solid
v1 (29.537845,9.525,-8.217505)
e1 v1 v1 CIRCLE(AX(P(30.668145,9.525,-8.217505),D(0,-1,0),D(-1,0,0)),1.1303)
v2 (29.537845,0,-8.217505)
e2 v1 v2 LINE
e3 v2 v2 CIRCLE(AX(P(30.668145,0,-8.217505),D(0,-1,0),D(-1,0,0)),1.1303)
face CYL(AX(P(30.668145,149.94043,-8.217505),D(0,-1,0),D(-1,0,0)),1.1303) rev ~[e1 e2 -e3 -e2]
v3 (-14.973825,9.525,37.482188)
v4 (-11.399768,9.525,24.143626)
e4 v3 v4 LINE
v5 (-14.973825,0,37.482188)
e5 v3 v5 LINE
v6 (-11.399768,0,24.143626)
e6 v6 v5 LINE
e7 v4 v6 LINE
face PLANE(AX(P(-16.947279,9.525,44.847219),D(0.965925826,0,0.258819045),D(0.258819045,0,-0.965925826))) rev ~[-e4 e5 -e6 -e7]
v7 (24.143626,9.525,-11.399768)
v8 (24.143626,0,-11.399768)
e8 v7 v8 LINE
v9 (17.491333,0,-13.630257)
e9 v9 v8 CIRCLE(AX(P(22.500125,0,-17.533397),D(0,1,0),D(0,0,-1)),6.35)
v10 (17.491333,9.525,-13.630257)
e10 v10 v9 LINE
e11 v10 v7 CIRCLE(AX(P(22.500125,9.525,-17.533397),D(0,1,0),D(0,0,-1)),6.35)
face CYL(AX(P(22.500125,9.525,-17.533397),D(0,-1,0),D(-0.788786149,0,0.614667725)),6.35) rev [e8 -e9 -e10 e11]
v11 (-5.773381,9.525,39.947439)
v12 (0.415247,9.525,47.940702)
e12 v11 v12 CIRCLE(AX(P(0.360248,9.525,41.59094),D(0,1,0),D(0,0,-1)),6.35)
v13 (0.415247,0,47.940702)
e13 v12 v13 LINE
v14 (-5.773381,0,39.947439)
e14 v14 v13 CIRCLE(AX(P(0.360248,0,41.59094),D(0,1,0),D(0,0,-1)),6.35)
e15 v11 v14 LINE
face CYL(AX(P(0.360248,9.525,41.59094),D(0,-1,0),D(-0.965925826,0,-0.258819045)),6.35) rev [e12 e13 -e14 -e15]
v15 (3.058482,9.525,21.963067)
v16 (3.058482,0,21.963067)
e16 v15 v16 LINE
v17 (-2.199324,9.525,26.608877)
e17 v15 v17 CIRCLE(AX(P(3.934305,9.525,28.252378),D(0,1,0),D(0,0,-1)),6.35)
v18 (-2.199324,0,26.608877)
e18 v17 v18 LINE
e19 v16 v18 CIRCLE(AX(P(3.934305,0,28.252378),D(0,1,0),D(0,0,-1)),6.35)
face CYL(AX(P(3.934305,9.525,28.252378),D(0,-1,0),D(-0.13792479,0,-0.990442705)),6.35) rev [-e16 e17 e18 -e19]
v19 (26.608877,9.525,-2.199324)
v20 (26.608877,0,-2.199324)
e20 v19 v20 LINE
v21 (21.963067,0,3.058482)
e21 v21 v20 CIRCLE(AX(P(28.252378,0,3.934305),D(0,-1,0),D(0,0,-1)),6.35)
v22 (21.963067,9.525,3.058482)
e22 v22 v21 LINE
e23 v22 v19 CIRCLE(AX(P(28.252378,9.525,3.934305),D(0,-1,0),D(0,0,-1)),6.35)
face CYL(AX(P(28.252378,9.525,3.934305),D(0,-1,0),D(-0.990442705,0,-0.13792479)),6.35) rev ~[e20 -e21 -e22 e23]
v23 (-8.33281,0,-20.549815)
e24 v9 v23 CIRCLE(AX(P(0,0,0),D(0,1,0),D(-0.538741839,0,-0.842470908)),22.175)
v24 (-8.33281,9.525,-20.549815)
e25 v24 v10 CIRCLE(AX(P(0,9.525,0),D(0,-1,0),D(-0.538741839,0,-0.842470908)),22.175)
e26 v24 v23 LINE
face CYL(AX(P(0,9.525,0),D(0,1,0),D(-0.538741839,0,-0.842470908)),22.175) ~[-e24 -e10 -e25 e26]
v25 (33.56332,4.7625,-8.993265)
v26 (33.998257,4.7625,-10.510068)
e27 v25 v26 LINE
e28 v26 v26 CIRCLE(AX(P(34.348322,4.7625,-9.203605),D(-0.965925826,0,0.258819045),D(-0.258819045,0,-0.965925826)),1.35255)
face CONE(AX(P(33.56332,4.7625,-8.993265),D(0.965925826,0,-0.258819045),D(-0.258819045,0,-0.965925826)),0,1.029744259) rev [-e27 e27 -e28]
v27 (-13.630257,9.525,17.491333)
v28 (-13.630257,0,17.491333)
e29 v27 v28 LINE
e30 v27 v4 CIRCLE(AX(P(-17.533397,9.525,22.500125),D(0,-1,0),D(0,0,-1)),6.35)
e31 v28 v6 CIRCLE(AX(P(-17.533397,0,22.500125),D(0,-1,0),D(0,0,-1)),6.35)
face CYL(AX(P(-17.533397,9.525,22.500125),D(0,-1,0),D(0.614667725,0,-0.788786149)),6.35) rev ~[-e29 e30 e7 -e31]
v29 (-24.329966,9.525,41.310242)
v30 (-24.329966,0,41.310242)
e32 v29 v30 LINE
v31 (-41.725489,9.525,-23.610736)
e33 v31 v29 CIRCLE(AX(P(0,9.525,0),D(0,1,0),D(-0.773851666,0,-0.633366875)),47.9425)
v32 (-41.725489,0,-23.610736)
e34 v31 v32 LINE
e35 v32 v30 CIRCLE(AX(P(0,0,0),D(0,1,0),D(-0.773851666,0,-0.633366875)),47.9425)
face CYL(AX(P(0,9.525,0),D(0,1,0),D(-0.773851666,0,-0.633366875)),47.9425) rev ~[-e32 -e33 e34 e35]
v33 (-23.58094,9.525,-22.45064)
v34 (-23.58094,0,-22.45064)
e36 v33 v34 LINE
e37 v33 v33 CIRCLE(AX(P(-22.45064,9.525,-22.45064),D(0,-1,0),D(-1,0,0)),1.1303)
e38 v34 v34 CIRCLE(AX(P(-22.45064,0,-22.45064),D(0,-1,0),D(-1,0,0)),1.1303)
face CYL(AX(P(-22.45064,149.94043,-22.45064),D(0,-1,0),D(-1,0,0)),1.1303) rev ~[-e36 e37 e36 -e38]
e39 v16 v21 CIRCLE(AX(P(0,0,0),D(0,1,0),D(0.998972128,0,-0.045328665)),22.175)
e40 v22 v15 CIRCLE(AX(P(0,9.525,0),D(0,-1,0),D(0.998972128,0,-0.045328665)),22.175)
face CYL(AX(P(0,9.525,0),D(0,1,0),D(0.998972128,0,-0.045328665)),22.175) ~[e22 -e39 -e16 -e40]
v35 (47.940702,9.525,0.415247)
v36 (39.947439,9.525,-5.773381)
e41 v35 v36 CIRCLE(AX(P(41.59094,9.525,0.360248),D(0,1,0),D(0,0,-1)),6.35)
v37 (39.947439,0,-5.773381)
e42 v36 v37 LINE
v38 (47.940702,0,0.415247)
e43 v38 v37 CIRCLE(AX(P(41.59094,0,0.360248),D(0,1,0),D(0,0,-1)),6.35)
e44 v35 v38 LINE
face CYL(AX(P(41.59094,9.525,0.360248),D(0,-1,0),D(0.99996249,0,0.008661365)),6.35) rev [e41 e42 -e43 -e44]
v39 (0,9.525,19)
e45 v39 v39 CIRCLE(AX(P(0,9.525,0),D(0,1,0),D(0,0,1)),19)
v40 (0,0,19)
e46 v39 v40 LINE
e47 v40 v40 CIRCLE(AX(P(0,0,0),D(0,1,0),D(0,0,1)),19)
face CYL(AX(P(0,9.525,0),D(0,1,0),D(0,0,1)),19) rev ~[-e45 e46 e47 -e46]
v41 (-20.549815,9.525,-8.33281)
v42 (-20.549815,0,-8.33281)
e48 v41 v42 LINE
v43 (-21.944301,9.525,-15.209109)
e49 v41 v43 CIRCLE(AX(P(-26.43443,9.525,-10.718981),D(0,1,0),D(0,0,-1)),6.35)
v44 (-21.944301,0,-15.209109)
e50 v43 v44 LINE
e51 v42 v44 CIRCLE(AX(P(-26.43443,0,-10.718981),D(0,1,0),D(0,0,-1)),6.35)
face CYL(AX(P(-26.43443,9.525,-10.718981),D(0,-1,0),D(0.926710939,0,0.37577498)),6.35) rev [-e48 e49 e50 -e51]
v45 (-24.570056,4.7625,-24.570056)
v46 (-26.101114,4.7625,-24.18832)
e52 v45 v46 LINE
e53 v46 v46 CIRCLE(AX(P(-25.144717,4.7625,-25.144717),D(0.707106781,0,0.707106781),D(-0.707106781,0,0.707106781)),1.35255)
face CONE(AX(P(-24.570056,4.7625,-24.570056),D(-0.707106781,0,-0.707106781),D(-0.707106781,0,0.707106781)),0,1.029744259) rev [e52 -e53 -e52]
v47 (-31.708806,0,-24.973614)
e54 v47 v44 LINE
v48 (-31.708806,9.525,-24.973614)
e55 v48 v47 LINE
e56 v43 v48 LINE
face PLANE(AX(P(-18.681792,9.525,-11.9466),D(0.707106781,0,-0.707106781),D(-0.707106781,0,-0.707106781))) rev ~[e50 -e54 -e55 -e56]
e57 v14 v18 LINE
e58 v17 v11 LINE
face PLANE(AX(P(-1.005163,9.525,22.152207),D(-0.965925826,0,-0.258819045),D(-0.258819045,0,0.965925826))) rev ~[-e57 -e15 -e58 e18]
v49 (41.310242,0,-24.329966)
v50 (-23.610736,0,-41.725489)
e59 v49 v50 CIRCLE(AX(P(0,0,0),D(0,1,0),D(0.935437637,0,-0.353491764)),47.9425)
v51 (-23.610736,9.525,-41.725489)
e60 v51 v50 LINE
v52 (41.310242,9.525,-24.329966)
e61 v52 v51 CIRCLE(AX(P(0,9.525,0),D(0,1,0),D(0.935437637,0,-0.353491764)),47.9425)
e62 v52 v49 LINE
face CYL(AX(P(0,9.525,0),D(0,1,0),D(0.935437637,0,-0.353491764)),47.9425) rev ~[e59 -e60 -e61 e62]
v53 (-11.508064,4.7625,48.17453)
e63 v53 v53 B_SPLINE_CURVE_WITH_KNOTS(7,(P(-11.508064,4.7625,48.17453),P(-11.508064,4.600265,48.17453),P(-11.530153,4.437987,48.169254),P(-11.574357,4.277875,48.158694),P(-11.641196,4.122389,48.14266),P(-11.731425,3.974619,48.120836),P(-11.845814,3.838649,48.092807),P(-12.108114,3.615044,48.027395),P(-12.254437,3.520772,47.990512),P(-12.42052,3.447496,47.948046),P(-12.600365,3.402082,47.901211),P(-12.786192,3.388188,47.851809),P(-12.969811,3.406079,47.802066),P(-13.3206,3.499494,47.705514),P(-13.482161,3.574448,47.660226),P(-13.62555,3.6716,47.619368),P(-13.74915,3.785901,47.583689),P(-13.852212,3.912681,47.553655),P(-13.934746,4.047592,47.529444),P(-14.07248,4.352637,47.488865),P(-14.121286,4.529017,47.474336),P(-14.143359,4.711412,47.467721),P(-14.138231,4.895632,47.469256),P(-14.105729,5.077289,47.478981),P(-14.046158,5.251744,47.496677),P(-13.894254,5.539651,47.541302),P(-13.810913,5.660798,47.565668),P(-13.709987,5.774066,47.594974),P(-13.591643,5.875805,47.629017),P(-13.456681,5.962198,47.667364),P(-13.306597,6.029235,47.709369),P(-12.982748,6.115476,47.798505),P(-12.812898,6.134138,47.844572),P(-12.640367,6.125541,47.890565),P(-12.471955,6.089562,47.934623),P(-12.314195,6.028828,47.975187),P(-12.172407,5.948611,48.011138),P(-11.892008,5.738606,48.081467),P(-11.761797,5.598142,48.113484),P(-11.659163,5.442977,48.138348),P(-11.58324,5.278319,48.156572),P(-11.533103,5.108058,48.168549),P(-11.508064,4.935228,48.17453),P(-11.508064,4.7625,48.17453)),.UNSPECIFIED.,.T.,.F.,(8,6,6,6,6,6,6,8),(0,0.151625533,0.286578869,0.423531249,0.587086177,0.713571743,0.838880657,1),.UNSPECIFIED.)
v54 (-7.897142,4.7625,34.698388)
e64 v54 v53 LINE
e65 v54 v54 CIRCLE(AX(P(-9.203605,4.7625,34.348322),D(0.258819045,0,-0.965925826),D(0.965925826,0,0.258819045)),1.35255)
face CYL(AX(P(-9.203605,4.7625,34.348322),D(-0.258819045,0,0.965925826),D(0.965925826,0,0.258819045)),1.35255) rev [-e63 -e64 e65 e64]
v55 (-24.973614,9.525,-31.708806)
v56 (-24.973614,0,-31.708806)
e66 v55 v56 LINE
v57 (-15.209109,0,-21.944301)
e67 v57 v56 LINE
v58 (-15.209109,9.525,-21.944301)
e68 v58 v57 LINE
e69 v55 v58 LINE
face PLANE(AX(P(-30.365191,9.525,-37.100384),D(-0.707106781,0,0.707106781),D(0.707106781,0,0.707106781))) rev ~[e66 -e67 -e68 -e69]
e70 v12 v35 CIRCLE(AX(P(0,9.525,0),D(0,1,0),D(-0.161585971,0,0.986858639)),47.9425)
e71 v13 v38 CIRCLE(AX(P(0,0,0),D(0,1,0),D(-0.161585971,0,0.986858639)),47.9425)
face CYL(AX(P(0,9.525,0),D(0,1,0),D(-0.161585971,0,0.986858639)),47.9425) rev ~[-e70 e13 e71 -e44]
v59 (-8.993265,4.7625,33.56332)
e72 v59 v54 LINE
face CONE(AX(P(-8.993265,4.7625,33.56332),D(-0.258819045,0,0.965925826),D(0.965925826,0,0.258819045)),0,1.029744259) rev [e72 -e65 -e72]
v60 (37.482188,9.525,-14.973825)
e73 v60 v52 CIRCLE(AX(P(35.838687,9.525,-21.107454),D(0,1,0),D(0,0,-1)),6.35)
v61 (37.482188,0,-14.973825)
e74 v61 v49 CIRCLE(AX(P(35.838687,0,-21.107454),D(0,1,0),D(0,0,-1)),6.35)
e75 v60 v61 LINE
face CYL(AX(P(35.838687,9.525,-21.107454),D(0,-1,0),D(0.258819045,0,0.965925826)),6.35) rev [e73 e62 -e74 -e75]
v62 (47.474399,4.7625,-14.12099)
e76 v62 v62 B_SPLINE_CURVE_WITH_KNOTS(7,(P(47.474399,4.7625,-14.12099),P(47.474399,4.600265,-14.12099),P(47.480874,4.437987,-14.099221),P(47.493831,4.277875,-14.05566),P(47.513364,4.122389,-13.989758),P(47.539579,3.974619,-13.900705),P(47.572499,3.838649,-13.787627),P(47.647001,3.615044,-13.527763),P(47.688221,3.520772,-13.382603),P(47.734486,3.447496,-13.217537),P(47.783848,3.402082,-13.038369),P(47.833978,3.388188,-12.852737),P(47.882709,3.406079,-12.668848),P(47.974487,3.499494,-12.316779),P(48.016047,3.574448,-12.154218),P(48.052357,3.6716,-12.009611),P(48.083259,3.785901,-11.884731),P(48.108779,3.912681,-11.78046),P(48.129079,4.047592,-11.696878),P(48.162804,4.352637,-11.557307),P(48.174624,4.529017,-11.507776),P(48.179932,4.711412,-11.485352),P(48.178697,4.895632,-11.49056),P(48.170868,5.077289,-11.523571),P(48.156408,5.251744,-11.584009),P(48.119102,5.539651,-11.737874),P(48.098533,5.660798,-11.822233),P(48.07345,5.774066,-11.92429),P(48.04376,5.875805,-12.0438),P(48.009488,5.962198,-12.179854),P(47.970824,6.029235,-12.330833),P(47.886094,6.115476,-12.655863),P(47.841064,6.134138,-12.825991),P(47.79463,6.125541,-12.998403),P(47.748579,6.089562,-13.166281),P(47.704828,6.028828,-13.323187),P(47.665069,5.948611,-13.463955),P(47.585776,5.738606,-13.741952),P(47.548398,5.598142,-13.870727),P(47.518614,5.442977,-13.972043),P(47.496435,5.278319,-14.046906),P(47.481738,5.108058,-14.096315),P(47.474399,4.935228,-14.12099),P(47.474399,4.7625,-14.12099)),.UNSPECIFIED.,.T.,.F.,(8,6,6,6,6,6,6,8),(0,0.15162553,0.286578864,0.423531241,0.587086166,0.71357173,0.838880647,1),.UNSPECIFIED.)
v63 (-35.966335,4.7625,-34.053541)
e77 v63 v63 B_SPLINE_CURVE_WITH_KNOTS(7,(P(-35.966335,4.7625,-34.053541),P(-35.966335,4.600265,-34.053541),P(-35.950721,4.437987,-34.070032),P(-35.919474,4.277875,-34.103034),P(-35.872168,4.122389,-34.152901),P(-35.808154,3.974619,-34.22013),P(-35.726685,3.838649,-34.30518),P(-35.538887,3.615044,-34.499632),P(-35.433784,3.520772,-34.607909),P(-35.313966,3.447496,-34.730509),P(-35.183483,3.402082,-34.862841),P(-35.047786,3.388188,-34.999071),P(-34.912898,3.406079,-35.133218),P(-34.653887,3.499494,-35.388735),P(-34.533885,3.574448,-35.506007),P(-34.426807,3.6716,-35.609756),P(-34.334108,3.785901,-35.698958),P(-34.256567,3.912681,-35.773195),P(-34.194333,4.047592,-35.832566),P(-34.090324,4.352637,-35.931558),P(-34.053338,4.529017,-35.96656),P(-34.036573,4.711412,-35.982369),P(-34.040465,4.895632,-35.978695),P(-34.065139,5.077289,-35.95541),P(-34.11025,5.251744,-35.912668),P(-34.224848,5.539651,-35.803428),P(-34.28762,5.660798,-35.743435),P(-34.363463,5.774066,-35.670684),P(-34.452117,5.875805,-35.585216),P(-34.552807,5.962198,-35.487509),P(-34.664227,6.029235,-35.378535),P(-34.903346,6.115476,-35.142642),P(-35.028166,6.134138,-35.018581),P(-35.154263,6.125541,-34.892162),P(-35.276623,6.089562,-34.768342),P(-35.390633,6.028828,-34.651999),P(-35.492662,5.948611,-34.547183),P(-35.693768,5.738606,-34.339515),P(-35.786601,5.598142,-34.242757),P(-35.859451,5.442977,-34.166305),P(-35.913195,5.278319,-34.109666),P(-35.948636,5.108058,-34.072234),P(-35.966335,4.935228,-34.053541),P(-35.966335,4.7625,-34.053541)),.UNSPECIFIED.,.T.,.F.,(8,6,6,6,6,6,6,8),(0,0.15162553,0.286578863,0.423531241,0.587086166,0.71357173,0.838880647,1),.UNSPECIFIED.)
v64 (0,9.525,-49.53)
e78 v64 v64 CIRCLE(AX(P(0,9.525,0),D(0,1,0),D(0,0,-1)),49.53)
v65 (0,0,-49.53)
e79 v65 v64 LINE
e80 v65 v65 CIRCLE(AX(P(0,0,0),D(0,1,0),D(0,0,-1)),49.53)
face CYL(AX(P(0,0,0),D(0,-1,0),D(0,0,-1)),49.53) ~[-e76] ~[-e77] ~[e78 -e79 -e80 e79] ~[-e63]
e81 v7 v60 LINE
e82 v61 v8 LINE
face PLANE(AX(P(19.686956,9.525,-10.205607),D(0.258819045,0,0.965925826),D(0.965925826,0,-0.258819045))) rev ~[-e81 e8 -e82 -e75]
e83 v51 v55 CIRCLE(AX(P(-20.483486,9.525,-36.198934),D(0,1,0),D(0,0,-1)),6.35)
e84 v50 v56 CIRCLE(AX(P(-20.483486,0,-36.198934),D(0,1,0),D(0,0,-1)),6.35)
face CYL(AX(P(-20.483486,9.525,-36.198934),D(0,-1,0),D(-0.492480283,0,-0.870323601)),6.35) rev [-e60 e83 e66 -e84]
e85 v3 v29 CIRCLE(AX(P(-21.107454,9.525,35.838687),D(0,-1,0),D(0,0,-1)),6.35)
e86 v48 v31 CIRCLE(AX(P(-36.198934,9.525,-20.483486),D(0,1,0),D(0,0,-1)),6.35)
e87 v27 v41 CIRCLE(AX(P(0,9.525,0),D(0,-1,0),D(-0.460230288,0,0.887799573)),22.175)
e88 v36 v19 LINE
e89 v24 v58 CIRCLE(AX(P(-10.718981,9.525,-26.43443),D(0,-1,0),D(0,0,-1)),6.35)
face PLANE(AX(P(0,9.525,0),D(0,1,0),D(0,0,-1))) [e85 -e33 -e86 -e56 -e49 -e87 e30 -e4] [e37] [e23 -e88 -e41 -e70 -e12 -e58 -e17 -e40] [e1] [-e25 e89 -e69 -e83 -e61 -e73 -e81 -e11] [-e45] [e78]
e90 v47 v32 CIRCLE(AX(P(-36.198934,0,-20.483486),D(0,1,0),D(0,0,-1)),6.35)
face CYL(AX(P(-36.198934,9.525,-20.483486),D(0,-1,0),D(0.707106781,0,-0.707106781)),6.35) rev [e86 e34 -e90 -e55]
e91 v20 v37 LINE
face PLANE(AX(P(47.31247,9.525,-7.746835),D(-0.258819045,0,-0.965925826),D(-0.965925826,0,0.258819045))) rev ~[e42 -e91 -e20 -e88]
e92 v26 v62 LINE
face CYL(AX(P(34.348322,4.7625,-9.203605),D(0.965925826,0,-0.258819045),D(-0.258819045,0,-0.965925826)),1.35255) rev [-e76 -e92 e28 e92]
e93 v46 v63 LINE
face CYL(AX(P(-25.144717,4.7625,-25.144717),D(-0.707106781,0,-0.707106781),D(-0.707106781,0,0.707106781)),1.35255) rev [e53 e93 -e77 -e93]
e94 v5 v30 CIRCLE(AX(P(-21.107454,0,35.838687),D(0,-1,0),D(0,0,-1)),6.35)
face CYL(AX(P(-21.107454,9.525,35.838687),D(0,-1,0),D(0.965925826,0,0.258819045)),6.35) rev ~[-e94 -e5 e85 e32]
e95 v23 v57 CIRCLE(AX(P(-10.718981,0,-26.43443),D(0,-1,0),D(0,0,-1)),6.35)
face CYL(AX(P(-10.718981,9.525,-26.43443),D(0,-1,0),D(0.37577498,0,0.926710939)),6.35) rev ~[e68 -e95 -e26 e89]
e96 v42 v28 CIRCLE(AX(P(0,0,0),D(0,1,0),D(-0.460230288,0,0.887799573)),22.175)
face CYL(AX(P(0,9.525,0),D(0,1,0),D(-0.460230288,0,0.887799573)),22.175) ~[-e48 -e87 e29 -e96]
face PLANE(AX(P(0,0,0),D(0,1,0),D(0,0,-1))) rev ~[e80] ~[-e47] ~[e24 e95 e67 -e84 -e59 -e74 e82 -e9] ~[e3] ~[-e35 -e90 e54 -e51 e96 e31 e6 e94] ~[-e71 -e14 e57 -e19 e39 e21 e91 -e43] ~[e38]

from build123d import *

# Parameters (mm, degrees)
SKETCH2_R                = 49.53
BOSS_EXTRUDE1_DEPTH      = 9.525
CUT_EXTRUDE1_REACH       = 72.691
SKETCH3_R                = 19
CIRPATTERN1_COUNT        = 3
CUT_EXTRUDE3_REACH       = 72.691
FILLET2_R                = 6.35
CIRPATTERN2_COUNT        = 3
FILLET2_OF_CIRPATTERN2_R = 6.35
F_4_40_TAPPED_HOLE1_D    = 2.2606


with BuildPart() as part:
    # Sketch2 → Boss-Extrude1 (new body)
    with BuildSketch(Plane(origin=(0, 0, 0), x_dir=(1, 0, 0), z_dir=(0, 1, 0))):
        with Locations(Location((0, 0, 0), (0, 0, 90))):
            Circle(SKETCH2_R)
    extrude(amount=BOSS_EXTRUDE1_DEPTH)

    # Sketch3 → Cut-Extrude1 (cut, up to next)
    with BuildSketch(Plane(origin=(0, 9.525, 0), x_dir=(1, 0, 0), z_dir=(0, 1, 0)), mode=Mode.PRIVATE) as cut_extrude1_sk1:
        with Locations(Location((0, 0, 0), (0, 0, 270))):
            Circle(SKETCH3_R)
    cut_extrude1_tool1 = extrude(cut_extrude1_sk1.sketch, amount=-CUT_EXTRUDE1_REACH, mode=Mode.PRIVATE) & part.part
    add(cut_extrude1_tool1.solids().sort_by_distance((0, 9.525, 0))[0], mode=Mode.SUBTRACT)

    # Sketch7 → Tap Drill for #6-32 Tap1 (revolve, cut)
    with BuildSketch(Plane(origin=(-35.022998872, 4.7625, -35.022998872), x_dir=(-0.7071067811865475, 0, 0.7071067811865476), z_dir=(0, 1, 0))):
        Polygon((0, 0), (0, 14.78269403), (1.35255, 13.97), (1.35255, 0), align=None)
    tap_drill_for_6_32_tap1 = revolve(axis=Axis((-41.488783279, 4.7625, -41.488783279), (0.7071067811865474, 0, 0.7071067811865477)), mode=Mode.SUBTRACT)

    # CirPattern1: Tap Drill for #6-32 Tap1 ×3 about axis
    cirpattern1_axis = Axis((0, -0.001, 0), (0, 1, 0))
    for i in range(1, CIRPATTERN1_COUNT):
        add(tap_drill_for_6_32_tap1.rotate(cirpattern1_axis, i * 360 / CIRPATTERN1_COUNT), mode=Mode.SUBTRACT)

    # Sketch8 → Cut-Extrude3 (cut, up to next)
    with BuildSketch(Plane(origin=(0, 9.525, 0), x_dir=(1, 0, 0), z_dir=(0, 1, 0)), mode=Mode.PRIVATE) as cut_extrude3_sk1:
        with BuildLine():
            Line((-30.365191417, 37.100383508), (-11.946600289, 18.68179238))
            ThreePointArc((-11.946600289, 18.68179238), (5.739312325, 21.419405198), (19.686955529, 10.205606645))
            Line((19.686955529, 10.205606645), (44.847218912, 16.947278899))
            ThreePointArc((44.847218912, 16.947278899), (12.40843207, 46.308898927), (-30.365191417, 37.100383508))
        make_face()
    cut_extrude3_tool1 = extrude(cut_extrude3_sk1.sketch, amount=-CUT_EXTRUDE3_REACH, mode=Mode.PRIVATE) & part.part
    cut_extrude3 = cut_extrude3_tool1.solids().sort_by_distance((8.258895, 9.525, -30.822615))[0]
    add(cut_extrude3, mode=Mode.SUBTRACT)

    # Fillet2
    fillet2_edges = [part.edges().sort_by_distance(p)[0] for p in [
        (-30.365191417, 4.7625, -37.100383508),
        (44.847218912, 4.7625, -16.947278899),
        (19.686955529, 4.7625, -10.205606645),
        (-11.946600289, 4.7625, -18.68179238),
    ]]
    fillet(fillet2_edges, radius=FILLET2_R)

    # CirPattern2: Cut-Extrude3 ×3 about axis
    cirpattern2_axis = Axis((0, 0, 0), (0, 1, 0))
    for i in range(1, CIRPATTERN2_COUNT):
        add(cut_extrude3.rotate(cirpattern2_axis, i * 360 / CIRPATTERN2_COUNT), mode=Mode.SUBTRACT)

    # Fillet2 of CirPattern2
    fillet2_of_cirpattern2_edges = [part.edges().sort_by_distance(p)[0] for p in [
        (-16.947278899, 4.7625, 44.847218912),
        (-37.100383508, 4.7625, -30.365191417),
        (-18.68179238, 4.7625, -11.946600289),
        (-10.205606645, 4.7625, 19.686955529),
        (47.312470317, 4.7625, -7.746835404),
        (-7.746835404, 4.7625, 47.312470317),
        (-1.005163149, 4.7625, 22.152206934),
        (22.152206934, 4.7625, -1.005163149),
    ]]
    fillet(fillet2_of_cirpattern2_edges, radius=FILLET2_OF_CIRPATTERN2_R)

    # #4-40 Tapped Hole1 (through all)
    with Locations(Plane(origin=(0, 9.525, 0), x_dir=(1, 0, 0), z_dir=(0, 1, 0))):
        with Locations((30.668144985, 8.217504682), (-22.450640303, 22.450640303)):
            Hole(F_4_40_TAPPED_HOLE1_D / 2)


solid = part.part
